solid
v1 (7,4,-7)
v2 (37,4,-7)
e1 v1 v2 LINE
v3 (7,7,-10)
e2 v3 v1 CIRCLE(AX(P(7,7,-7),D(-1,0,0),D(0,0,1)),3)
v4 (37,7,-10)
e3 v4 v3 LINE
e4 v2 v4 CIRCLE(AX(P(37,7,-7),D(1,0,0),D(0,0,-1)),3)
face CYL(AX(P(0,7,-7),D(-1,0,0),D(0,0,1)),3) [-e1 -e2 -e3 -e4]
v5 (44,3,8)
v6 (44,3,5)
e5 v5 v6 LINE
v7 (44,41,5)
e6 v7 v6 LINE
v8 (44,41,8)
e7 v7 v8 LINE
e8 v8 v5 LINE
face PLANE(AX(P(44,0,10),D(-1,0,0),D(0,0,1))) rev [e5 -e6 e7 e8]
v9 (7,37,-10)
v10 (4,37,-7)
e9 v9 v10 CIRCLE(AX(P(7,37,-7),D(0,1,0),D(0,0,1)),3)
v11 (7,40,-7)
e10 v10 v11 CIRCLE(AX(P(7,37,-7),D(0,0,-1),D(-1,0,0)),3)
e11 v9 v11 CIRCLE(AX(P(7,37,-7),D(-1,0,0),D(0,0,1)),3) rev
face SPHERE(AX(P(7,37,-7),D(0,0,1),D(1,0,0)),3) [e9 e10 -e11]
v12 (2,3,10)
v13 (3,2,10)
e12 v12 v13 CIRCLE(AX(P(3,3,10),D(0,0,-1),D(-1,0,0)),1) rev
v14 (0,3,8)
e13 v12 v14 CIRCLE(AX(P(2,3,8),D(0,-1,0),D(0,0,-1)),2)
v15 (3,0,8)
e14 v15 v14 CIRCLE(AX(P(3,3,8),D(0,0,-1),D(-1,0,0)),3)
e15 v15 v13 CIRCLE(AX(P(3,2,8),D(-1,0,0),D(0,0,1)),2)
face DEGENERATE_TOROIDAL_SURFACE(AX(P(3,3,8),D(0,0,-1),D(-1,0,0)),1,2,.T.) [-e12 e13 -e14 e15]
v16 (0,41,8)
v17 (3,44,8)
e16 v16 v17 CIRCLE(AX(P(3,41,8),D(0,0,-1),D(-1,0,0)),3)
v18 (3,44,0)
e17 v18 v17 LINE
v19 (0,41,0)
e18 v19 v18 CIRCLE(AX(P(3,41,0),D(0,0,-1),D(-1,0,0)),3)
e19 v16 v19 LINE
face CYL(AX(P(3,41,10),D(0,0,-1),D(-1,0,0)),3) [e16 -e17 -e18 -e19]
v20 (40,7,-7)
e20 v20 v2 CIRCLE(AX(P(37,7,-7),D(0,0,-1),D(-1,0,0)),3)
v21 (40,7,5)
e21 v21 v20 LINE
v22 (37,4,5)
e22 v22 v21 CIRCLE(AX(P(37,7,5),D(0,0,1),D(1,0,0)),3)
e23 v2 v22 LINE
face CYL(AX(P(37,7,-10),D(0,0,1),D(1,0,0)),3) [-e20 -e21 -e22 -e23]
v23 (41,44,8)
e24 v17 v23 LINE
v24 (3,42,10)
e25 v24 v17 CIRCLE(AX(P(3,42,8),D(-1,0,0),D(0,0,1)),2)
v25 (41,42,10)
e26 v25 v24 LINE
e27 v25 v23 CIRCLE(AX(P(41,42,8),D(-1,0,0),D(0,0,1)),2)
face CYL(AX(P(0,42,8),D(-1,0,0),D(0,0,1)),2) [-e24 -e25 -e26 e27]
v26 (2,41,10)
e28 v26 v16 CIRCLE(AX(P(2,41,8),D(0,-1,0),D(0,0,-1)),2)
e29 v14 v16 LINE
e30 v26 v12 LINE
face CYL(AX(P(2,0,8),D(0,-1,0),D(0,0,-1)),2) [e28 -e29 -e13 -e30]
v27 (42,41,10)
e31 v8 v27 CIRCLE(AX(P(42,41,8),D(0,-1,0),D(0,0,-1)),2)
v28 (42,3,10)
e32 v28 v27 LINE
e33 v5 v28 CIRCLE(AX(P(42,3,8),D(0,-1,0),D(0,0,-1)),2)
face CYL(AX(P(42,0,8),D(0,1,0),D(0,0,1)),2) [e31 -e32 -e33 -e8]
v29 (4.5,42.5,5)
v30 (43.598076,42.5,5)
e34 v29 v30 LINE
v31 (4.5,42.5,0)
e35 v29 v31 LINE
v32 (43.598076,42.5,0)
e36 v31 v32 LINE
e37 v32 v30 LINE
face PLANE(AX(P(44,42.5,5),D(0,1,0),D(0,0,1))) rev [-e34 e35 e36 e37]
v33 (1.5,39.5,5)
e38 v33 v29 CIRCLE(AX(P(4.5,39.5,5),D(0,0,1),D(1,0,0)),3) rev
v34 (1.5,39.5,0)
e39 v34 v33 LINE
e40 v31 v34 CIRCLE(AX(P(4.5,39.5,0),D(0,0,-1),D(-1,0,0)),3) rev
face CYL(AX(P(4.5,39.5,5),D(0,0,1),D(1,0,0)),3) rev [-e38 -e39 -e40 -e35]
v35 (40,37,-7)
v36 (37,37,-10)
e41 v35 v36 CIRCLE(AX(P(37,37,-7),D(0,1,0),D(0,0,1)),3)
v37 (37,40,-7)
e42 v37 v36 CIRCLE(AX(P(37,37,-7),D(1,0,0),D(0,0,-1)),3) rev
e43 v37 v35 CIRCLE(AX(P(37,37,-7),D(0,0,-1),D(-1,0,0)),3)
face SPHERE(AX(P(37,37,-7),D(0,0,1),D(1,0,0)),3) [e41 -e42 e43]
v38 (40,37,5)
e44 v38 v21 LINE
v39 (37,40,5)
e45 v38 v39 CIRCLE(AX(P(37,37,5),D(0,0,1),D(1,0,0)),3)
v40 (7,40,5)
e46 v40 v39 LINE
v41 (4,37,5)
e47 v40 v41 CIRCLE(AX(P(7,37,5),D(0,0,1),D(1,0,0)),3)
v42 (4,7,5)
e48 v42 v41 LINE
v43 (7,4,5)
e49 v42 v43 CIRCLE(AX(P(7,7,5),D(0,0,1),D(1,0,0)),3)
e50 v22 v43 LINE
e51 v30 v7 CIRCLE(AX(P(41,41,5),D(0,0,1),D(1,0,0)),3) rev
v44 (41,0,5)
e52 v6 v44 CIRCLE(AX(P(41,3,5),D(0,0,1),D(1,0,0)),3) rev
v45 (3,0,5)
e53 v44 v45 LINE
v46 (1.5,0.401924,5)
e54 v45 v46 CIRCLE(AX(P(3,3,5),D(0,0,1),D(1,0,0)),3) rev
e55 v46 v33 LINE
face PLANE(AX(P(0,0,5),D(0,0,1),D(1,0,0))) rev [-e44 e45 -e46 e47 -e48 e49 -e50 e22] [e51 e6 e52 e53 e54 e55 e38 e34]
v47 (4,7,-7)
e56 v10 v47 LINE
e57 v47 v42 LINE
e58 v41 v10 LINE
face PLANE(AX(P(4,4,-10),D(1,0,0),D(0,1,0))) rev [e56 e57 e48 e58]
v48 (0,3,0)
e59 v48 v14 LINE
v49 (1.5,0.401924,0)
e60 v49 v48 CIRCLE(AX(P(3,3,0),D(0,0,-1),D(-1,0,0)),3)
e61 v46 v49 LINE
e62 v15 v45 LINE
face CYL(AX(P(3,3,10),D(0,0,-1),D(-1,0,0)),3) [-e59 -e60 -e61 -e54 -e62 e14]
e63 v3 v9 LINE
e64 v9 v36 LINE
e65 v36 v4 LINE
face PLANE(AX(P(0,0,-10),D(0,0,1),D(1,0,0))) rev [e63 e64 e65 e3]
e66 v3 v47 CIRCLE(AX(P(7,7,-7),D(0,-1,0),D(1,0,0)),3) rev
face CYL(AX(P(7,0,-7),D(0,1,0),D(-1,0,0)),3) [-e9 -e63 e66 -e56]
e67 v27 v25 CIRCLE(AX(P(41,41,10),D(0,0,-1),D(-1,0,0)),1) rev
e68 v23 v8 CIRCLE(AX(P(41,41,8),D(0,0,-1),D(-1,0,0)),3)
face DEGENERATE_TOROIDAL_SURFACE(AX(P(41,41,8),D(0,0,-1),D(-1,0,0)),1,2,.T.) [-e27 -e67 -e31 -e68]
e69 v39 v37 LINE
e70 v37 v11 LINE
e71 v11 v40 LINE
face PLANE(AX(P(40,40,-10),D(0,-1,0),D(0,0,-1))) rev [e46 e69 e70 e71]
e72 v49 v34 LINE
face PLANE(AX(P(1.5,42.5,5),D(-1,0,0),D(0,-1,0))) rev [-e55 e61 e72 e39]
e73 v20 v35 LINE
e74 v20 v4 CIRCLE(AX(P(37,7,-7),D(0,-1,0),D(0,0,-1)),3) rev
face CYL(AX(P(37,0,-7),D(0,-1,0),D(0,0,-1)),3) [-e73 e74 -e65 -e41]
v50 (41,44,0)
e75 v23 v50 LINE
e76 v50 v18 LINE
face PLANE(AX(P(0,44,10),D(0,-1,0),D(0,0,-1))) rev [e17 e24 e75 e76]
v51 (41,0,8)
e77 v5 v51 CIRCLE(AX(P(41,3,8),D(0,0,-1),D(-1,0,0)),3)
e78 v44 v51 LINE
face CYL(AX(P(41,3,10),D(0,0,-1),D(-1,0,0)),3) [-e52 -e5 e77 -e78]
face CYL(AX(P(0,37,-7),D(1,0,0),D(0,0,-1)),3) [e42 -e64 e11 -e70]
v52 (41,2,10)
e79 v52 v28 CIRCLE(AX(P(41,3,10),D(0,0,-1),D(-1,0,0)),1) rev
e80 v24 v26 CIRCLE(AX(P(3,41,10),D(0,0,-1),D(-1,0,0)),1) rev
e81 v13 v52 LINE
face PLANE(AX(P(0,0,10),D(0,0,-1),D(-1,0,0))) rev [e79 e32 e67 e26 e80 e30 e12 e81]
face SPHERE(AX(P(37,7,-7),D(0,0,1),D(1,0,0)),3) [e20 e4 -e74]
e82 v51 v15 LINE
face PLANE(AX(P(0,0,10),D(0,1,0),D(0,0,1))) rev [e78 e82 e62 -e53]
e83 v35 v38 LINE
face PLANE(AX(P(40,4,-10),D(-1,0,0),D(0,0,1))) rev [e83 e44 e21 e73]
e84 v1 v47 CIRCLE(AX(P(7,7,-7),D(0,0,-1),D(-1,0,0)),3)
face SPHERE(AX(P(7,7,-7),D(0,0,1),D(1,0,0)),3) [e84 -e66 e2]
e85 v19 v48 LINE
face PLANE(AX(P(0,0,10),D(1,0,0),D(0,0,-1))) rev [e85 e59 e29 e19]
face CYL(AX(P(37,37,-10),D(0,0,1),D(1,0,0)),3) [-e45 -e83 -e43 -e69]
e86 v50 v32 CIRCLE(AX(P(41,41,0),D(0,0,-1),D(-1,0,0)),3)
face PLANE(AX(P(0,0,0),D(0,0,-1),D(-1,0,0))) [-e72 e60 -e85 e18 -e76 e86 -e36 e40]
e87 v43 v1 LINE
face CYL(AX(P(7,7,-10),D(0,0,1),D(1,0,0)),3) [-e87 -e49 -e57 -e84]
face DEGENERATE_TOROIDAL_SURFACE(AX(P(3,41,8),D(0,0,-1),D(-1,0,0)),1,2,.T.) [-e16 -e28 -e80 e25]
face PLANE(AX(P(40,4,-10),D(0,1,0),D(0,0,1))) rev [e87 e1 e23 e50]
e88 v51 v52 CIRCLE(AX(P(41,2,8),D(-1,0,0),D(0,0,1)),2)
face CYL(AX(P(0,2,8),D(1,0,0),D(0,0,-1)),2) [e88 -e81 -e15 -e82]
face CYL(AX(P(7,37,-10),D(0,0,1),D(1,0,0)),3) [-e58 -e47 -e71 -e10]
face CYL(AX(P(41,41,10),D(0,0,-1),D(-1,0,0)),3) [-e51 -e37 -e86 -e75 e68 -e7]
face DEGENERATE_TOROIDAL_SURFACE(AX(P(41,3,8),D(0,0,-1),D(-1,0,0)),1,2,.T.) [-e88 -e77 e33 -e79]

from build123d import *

# Parameters (mm, degrees)
ESQUISSE2_W             = 44
ESQUISSE2_H             = 44
BOSS_EXTRU_1_DEPTH      = 10
ESQUISSE3_W             = 36
ESQUISSE3_H             = 36
BOSS_EXTRU_2_DEPTH      = 10
ESQUISSE4_W             = 42.5
ESQUISSE4_H             = 42.5
ESQUISSE4_W_2           = 36
ESQUISSE4_H_2           = 36
ENL_V_MAT_EXTRU_1_DEPTH = 5
CONG_1_R                = 3
CONG_2_R                = 2


with BuildPart() as part:
    # Esquisse2 → Boss.-Extru.1 (new body)
    with BuildSketch(Plane.XY):
        with Locations((22, 22)):
            Rectangle(ESQUISSE2_W, ESQUISSE2_H)
    extrude(amount=BOSS_EXTRU_1_DEPTH)

    # Esquisse3 → Boss.-Extru.2 (add)
    with BuildSketch(Plane(origin=(0, 0, 0), x_dir=(-1, 0, 0), z_dir=(0, 0, -1))):
        with Locations((-22, 22)):
            Rectangle(ESQUISSE3_W, ESQUISSE3_H)
    extrude(amount=BOSS_EXTRU_2_DEPTH)

    # Esquisse4 → Enlèv. mat.-Extru.1 (cut)
    with BuildSketch(Plane(origin=(0, 0, 0), x_dir=(-1, 0, 0), z_dir=(0, 0, -1))):
        with Locations((-22.75, 21.25)):
            Rectangle(ESQUISSE4_W, ESQUISSE4_H)
        with Locations((-22, 22)):
            Rectangle(ESQUISSE4_W_2, ESQUISSE4_H_2, mode=Mode.SUBTRACT)
    extrude(amount=-ENL_V_MAT_EXTRU_1_DEPTH, mode=Mode.SUBTRACT)

    # Congé1
    cong_1_edges = [part.edges().sort_by_distance(p)[0] for p in [
        (22, 40, -10),
        (4, 22, -10),
        (22, 4, -10),
        (40, 22, -10),
        (44, 0, 7.5),
        (44, 44, 5),
        (0, 0, 5),
        (0, 44, 5),
        (1.5, 42.5, 2.5),
        (4, 4, -2.5),
        (4, 40, -2.5),
        (40, 4, -2.5),
        (40, 40, -2.5),
    ]]
    fillet(cong_1_edges, radius=CONG_1_R)

    # Congé2
    cong_2_edges = [part.edges().sort_by_distance(p)[0] for p in [
        (44, 22, 10),
        (22, 0, 10),
        (0, 22, 10),
        (22, 44, 10),
        (0.878679656, 43.121320344, 10),
        (0.878679656, 0.878679656, 10),
        (43.121320344, 43.121320344, 10),
        (43.121320344, 0.878679656, 10),
    ]]
    fillet(cong_2_edges, radius=CONG_2_R)


solid = part.part
